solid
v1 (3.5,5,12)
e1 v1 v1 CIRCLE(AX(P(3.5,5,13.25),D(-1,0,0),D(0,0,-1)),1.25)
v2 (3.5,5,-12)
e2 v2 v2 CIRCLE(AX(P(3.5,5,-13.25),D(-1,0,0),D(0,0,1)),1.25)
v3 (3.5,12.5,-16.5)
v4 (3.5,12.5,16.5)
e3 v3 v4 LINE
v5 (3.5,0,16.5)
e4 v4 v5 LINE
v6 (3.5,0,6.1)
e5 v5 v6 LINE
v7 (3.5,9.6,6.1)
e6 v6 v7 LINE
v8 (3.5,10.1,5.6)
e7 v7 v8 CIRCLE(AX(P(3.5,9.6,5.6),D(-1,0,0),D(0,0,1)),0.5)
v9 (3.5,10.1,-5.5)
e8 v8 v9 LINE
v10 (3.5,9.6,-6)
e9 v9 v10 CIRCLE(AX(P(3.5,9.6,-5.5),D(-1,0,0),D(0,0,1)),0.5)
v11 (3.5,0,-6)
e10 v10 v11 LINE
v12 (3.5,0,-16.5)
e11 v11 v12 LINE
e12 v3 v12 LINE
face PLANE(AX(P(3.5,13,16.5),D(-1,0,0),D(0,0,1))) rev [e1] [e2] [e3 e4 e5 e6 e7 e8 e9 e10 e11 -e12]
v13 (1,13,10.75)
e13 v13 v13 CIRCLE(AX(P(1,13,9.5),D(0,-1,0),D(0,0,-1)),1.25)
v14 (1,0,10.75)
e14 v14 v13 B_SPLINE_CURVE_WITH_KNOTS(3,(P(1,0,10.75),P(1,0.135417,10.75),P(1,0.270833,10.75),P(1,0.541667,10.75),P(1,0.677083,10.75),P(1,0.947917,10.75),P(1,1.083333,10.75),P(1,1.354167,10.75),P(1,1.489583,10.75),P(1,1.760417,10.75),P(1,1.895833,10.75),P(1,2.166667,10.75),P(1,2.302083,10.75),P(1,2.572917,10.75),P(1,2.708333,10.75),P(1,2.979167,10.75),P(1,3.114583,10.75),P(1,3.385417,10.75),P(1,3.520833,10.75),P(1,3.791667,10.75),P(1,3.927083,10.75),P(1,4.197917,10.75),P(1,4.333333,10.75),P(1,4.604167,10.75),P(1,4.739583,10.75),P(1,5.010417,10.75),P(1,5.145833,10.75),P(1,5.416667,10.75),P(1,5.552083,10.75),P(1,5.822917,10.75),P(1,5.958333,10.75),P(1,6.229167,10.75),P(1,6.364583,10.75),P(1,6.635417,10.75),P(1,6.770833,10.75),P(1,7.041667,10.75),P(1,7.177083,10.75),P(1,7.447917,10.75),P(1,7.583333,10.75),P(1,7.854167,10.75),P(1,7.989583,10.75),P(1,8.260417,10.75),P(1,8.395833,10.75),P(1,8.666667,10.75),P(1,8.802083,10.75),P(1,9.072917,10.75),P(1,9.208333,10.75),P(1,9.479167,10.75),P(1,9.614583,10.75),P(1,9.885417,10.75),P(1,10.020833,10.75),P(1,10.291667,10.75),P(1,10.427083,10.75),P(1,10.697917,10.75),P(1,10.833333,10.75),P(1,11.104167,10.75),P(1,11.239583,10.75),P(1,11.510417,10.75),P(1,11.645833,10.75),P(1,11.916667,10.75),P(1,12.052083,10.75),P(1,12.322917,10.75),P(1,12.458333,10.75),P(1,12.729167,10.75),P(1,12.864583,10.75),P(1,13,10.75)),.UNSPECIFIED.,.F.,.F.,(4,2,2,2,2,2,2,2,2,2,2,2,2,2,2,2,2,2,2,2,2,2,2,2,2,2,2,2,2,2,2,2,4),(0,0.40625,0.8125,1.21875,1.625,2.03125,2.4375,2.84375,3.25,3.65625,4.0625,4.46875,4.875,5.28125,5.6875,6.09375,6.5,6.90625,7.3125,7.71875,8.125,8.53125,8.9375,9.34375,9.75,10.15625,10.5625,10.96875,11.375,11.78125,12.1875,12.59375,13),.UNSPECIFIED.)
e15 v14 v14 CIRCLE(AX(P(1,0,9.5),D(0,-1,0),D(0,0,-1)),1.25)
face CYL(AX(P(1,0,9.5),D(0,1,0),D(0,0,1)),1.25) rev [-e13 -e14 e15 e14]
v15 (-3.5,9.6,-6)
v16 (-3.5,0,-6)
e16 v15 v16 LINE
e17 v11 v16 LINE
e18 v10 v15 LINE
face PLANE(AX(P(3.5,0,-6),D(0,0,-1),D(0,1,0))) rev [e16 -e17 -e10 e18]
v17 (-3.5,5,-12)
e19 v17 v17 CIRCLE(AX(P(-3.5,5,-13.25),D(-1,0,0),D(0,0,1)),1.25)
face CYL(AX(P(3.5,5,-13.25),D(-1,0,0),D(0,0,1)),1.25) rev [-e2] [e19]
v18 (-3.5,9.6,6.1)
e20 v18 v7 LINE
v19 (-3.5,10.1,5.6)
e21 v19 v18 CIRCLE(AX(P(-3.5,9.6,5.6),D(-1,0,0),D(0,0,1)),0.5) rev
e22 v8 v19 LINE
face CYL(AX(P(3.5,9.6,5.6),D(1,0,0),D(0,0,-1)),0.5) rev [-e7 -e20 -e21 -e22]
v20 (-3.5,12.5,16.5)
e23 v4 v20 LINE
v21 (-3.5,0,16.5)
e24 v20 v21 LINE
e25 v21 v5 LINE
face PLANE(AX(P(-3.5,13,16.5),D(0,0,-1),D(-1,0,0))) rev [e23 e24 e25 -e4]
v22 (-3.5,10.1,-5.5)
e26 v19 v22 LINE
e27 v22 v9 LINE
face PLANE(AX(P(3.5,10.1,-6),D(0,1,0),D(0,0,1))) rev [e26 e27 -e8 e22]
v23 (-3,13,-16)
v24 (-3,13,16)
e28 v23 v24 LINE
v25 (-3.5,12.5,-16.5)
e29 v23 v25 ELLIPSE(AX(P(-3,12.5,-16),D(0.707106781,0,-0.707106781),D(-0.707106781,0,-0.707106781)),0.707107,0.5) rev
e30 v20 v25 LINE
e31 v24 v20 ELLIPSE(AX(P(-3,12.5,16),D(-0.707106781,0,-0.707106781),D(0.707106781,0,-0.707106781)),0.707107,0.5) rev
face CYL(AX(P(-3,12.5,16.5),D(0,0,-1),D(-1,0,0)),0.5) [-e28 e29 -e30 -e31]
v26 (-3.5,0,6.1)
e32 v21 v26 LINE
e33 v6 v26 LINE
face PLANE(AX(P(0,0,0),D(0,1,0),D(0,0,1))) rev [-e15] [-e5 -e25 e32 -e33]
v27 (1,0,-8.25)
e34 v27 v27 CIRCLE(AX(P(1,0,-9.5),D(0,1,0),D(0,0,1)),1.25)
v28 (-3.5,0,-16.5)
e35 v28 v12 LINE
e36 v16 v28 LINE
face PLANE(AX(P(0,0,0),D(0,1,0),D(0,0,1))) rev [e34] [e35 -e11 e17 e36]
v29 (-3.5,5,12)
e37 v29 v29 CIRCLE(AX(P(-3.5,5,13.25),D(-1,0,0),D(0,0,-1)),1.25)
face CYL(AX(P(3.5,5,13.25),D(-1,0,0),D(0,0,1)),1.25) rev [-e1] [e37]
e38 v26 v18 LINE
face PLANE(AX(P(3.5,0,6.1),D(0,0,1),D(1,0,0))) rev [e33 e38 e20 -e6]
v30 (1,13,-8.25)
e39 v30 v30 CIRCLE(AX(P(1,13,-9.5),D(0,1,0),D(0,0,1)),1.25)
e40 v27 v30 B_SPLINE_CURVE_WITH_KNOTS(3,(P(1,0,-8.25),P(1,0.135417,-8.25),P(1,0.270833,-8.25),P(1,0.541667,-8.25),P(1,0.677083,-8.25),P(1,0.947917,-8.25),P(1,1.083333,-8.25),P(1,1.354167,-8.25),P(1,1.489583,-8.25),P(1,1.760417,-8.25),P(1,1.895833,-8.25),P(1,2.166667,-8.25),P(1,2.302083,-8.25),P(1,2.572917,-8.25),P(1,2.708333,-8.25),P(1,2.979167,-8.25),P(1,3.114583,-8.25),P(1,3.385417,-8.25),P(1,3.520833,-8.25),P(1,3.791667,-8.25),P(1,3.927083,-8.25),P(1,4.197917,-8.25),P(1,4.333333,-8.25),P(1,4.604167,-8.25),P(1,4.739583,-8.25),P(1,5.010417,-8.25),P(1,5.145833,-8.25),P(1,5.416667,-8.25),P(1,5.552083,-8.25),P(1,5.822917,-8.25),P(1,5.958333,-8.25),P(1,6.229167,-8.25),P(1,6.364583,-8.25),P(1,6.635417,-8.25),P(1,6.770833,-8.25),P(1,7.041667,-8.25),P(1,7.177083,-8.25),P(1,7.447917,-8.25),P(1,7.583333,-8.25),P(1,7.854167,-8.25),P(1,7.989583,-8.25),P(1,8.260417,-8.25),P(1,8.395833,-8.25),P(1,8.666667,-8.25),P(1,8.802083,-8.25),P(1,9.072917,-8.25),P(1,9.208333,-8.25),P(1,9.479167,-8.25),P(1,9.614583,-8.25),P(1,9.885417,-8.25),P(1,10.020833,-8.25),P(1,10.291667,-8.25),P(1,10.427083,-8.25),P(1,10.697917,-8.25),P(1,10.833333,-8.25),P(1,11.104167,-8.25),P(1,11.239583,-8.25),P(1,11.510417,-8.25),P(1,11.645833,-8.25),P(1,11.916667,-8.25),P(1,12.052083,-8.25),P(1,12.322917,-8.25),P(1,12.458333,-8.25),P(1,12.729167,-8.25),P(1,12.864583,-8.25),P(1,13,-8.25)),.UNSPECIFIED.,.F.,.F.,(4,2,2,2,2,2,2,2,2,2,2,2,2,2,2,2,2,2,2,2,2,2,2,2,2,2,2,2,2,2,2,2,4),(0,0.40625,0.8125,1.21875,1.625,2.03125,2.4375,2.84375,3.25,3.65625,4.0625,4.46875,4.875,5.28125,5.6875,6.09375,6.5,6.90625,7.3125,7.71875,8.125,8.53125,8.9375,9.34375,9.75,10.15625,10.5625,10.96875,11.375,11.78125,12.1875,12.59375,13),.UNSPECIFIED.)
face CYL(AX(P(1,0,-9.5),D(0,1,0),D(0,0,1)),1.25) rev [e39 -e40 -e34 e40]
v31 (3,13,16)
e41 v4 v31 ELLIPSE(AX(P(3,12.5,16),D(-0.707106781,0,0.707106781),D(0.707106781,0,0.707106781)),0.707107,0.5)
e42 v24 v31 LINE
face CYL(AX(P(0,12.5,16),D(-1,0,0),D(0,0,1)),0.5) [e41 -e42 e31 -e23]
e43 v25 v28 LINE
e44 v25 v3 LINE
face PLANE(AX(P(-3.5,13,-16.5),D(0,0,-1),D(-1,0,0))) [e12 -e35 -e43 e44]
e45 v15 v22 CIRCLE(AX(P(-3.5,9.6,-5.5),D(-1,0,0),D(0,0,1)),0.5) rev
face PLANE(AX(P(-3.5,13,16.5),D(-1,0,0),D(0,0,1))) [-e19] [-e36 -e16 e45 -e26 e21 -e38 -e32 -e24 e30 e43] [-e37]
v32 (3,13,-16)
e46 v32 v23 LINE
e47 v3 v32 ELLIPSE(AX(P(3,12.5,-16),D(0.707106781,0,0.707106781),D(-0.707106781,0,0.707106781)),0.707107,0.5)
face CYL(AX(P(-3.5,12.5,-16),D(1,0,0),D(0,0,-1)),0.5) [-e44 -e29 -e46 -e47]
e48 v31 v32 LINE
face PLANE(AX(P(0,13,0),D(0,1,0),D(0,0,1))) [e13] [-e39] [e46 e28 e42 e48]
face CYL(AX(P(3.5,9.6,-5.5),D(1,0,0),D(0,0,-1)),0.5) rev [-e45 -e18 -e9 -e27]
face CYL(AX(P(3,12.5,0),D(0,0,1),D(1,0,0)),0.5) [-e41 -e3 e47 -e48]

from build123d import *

# Parameters (mm, degrees)
SKETCH1_W           = 7
SKETCH1_H           = 33
BOSS_EXTRUDE1_DEPTH = 13
FILLET4_R           = 0.5
SKETCH3_R           = 1.25
CUT_EXTRUDE1_DEPTH  = 22.295539439
SKETCH5_R           = 1.25
SKETCH5_W           = 12.1
SKETCH5_H           = 10.1
CUT_EXTRUDE2_DEPTH  = 23.141589825
FILLET5_R           = 0.5


with BuildPart() as part:
    # Sketch1 → Boss-Extrude1 (new body)
    with BuildSketch(Plane(origin=(0, 0, 0), x_dir=(1, 0, 0), z_dir=(0, 1, 0))):
        Rectangle(SKETCH1_W, SKETCH1_H)
    extrude(amount=BOSS_EXTRUDE1_DEPTH)

    # Fillet4
    fillet4_edges = [part.edges().sort_by_distance(p)[0] for p in [
        (0, 13, 16.5),
        (-3.5, 13, 0),
        (0, 13, -16.5),
        (3.5, 13, 0),
    ]]
    fillet(fillet4_edges, radius=FILLET4_R)

    # Sketch3 → Cut-Extrude1 (cut, through all)
    with BuildSketch(Plane(origin=(0, 13, 0), x_dir=(1, 0, 0), z_dir=(0, 1, 0))):
        with Locations(Location((1, 9.5, 0), (0, 0, 270))):
            Circle(SKETCH3_R)
        with Locations(Location((1, -9.5, 0), (0, 0, 270))):
            Circle(SKETCH3_R)
    extrude(amount=-CUT_EXTRUDE1_DEPTH, mode=Mode.SUBTRACT)

    # Sketch5 → Cut-Extrude2 (cut, through all)
    with BuildSketch(Plane.ZY.offset(3.5)):
        with Locations((-13.25, 5)):
            Circle(SKETCH5_R)
        with Locations(Location((13.25, 5, 0), (0, 0, 180))):
            Circle(SKETCH5_R)
        with Locations((0.05, 5.05)):
            Rectangle(SKETCH5_W, SKETCH5_H)
    extrude(amount=-CUT_EXTRUDE2_DEPTH, mode=Mode.SUBTRACT)

    # Fillet5
    fillet5_edges = [part.edges().sort_by_distance(p)[0] for p in [
        (0, 10.1, -6),
        (0, 10.1, 6.1),
    ]]
    fillet(fillet5_edges, radius=FILLET5_R)


solid = part.part
